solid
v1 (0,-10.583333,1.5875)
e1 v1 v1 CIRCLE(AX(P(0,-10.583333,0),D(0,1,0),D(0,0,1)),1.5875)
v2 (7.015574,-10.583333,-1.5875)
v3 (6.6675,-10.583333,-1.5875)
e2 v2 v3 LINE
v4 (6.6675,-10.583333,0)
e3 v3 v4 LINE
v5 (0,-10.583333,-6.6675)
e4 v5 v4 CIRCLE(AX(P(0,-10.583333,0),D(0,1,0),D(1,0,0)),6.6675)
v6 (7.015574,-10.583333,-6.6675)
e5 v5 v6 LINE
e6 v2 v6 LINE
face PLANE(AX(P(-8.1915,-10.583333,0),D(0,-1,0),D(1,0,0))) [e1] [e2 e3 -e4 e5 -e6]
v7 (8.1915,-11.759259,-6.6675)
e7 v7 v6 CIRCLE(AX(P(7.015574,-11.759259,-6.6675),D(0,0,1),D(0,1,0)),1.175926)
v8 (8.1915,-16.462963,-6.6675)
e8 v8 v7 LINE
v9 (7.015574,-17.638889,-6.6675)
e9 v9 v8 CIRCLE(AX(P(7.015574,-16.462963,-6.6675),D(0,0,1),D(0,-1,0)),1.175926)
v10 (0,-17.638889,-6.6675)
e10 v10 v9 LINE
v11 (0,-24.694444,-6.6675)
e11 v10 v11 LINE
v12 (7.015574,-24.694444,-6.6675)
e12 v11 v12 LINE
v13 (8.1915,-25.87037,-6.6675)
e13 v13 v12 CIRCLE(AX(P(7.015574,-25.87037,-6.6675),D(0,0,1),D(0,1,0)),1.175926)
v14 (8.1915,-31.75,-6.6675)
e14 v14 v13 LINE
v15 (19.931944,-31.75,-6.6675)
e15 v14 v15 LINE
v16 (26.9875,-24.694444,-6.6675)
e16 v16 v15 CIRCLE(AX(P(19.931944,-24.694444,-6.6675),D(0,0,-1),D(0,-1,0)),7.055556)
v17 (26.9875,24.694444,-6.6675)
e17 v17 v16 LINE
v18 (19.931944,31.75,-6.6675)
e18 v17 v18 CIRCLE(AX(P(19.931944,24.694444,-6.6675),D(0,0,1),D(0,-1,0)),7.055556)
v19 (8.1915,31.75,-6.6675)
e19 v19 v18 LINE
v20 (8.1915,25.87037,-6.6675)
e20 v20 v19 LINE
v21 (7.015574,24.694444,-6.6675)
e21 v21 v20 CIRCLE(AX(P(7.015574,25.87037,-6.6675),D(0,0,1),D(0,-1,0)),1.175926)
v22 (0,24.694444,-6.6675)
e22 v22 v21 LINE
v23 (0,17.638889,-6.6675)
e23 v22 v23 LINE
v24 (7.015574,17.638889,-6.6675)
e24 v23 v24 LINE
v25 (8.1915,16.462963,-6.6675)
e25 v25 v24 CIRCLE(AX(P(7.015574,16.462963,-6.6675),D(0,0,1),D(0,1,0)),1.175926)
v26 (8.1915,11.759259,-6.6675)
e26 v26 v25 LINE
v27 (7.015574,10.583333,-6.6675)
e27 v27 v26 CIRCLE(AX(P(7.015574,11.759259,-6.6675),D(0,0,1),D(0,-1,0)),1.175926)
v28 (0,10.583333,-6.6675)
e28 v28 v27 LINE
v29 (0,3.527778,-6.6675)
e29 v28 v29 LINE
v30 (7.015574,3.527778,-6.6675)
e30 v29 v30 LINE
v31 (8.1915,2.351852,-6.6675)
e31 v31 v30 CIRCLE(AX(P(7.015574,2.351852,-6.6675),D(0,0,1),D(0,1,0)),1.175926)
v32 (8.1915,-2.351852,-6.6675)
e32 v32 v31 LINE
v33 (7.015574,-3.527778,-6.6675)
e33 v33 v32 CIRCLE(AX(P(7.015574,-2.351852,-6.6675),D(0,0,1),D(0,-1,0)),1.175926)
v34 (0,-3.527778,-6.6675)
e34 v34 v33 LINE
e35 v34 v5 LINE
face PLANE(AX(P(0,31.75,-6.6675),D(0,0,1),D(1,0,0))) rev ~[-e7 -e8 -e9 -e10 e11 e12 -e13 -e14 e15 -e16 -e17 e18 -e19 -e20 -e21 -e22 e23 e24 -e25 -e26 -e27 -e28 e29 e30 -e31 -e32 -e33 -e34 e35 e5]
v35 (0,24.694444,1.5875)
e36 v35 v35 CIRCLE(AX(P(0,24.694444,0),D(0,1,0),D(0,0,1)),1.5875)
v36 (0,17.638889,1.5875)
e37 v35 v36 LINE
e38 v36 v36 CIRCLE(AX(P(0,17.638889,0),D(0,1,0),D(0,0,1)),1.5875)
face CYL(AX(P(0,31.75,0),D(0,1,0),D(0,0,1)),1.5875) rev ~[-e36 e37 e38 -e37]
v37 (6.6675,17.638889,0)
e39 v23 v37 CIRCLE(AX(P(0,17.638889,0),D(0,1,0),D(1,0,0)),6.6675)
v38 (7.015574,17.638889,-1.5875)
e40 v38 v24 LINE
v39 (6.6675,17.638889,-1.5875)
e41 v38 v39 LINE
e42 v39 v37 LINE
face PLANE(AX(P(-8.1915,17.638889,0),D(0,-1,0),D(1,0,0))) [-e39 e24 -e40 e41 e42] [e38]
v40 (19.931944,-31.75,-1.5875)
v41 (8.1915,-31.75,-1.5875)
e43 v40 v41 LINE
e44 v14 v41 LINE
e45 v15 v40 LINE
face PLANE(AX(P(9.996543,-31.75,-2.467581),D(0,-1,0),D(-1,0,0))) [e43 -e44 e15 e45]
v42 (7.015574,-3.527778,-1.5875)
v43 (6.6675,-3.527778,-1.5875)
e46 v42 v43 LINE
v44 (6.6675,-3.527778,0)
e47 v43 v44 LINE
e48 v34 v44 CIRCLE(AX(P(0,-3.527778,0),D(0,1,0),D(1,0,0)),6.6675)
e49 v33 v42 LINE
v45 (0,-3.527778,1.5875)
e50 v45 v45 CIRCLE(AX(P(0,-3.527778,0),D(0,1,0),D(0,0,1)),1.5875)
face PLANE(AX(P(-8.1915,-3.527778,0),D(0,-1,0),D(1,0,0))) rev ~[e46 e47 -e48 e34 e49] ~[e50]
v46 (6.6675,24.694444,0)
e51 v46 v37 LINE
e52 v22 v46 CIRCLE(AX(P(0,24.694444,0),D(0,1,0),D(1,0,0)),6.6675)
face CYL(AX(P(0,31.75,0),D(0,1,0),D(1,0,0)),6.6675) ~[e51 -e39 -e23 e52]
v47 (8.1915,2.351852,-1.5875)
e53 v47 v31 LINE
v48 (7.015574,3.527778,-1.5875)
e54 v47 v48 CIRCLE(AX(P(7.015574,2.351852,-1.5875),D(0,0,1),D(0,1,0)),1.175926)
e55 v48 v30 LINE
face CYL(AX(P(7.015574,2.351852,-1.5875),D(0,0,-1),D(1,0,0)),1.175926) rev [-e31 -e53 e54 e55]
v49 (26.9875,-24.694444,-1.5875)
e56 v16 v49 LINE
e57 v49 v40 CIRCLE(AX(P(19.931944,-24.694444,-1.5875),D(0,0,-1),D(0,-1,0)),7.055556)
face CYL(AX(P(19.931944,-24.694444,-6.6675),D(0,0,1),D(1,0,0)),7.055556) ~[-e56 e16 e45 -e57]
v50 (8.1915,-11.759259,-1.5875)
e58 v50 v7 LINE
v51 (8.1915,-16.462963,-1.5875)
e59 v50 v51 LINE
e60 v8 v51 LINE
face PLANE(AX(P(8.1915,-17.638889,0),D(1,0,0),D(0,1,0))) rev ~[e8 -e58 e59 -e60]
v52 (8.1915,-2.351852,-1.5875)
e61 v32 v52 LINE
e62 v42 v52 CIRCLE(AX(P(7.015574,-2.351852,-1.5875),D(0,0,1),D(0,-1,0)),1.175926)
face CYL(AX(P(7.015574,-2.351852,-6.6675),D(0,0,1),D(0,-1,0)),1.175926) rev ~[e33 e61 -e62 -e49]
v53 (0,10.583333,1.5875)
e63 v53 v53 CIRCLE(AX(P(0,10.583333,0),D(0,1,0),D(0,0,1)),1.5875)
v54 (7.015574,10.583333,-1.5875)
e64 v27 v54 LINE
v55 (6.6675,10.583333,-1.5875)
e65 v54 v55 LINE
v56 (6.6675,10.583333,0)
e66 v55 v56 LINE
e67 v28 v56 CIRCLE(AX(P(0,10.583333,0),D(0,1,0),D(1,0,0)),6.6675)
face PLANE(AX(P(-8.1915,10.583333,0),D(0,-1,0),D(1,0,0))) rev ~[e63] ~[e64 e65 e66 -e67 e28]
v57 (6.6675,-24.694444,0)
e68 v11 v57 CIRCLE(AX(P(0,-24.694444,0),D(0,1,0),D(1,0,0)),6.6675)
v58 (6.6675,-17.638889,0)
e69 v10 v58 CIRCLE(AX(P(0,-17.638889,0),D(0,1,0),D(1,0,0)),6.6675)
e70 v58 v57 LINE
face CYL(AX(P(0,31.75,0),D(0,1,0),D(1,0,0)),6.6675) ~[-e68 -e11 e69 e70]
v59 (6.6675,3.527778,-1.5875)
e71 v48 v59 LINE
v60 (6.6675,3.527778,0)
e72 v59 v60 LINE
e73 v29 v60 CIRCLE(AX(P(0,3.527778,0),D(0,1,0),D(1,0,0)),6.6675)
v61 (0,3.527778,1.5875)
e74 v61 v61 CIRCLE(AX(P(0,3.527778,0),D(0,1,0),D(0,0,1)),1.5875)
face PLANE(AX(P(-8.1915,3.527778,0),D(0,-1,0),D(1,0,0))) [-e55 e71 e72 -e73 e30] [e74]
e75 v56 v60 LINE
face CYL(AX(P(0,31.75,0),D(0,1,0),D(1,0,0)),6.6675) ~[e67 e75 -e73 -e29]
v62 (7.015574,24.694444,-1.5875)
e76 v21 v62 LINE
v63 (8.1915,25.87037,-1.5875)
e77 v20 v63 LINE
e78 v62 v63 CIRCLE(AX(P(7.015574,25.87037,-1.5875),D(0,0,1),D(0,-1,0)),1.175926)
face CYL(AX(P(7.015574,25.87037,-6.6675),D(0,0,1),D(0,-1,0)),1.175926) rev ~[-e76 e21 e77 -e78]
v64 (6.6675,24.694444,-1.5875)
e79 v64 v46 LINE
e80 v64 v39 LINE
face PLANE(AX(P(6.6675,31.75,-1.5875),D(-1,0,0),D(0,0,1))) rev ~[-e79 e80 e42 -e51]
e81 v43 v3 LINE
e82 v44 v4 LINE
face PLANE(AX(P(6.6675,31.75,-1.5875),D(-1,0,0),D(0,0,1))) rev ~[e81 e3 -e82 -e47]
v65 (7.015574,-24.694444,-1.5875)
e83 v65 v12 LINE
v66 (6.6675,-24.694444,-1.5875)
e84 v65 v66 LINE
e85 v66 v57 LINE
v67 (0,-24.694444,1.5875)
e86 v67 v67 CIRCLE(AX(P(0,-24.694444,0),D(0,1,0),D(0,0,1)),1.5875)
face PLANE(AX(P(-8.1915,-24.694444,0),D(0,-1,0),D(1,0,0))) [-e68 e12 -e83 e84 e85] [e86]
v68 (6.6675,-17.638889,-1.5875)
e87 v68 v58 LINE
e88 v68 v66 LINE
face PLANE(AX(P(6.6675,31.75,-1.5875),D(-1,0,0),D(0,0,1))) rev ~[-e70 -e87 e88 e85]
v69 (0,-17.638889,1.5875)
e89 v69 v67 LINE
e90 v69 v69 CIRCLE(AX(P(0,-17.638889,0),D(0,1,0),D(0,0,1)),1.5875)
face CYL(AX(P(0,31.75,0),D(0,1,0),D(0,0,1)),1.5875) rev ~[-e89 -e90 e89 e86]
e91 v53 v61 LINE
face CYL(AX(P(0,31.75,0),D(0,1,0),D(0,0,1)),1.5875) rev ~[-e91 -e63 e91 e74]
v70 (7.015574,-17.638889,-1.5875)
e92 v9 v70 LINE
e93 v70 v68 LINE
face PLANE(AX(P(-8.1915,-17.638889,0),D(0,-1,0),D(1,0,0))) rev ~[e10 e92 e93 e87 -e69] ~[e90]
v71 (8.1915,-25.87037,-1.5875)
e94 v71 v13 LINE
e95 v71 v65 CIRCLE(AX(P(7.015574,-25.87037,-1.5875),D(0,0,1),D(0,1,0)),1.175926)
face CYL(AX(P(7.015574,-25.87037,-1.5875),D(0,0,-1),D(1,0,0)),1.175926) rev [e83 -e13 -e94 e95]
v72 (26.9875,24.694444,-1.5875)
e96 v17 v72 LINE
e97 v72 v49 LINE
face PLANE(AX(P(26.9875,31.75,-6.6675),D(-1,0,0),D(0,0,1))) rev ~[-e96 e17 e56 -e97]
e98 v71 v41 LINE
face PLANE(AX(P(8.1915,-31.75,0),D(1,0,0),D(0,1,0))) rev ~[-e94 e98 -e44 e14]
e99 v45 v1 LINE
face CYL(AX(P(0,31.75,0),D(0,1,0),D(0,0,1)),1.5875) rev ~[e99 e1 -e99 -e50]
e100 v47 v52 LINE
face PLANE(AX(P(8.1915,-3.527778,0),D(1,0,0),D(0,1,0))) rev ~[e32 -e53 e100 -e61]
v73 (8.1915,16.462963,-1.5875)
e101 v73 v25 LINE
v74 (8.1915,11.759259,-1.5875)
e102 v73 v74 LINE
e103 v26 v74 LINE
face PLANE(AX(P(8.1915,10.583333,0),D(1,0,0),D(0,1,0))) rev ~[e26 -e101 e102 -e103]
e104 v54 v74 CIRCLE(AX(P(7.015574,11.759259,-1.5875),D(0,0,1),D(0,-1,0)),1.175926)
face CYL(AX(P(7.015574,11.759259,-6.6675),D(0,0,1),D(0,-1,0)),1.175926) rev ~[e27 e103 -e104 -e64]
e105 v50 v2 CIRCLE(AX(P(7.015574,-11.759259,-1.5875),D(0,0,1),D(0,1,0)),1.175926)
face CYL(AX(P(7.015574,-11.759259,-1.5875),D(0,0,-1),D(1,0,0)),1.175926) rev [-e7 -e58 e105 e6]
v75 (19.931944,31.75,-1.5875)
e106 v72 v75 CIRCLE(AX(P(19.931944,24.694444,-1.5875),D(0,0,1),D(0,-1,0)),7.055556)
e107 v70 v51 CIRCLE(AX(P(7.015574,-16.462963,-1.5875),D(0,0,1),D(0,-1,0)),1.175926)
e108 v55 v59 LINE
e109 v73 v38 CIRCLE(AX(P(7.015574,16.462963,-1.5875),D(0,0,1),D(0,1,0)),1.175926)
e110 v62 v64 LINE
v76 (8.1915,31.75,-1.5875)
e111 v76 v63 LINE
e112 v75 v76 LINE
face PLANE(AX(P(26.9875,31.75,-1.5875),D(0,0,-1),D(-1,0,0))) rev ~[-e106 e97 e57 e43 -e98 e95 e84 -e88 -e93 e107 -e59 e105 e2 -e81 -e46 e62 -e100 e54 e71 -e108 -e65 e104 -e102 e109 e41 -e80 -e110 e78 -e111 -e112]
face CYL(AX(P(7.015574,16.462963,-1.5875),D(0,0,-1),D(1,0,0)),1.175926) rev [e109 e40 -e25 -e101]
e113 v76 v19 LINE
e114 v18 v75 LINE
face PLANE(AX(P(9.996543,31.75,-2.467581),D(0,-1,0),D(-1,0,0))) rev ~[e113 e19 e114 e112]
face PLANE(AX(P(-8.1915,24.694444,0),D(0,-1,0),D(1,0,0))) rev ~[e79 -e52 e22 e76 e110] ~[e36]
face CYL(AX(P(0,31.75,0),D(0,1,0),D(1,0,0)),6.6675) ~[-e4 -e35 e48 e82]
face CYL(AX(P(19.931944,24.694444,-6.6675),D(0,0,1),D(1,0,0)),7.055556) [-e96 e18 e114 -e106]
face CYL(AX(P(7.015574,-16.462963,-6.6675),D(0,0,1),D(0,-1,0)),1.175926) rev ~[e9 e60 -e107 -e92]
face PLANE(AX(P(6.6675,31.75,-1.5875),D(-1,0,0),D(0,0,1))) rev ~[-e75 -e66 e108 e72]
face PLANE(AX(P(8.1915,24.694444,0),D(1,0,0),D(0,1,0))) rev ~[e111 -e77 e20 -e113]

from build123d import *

# Parameters (mm, degrees)
BOSS_EXTRUDE1_START = 31.75
SKETCH3_R           = 1.5875
BOSS_EXTRUDE1_DEPTH = 63.5
FILLET1_R           = 7.055555556
SKETCH5_W           = 16.383
SKETCH5_H           = 7.055555556
CUT_EXTRUDE1_DEPTH  = 43.200038063
LPATTERN1_COUNT     = 5
LPATTERN1_PITCH     = 14.111111111
FILLET2_R           = 1.175925926


with BuildPart() as part:
    # Sketch3 → Boss-Extrude1 (new body)
    with BuildSketch(Plane(origin=(0, 0, 0), x_dir=(1, 0, 0), z_dir=(0, 1, 0)).offset(BOSS_EXTRUDE1_START)):
        with BuildLine():
            Line((26.9875, 6.6675), (26.9875, 1.5875))
            Line((26.9875, 1.5875), (6.6675, 1.5875))
            Line((6.6675, 1.5875), (6.6675, 0))
            ThreePointArc((6.6675, 0), (-4.714634464, -4.714634464), (0, 6.6675))
            Line((0, 6.6675), (26.9875, 6.6675))
        make_face()
        with Locations(Location((0, 0, 0), (0, 0, 270))):
            Circle(SKETCH3_R, mode=Mode.SUBTRACT)
    extrude(amount=-BOSS_EXTRUDE1_DEPTH)

    # Fillet1
    fillet1_edges = [part.edges().sort_by_distance(p)[0] for p in [
        (26.9875, -31.75, -4.1275),
        (26.9875, 31.75, -4.1275),
    ]]
    fillet(fillet1_edges, radius=FILLET1_R)

    # Sketch5 → Cut-Extrude1 (cut, symmetric)
    with BuildSketch(Plane.XY):
        with Locations((0, 28.222222222)):
            Rectangle(SKETCH5_W, SKETCH5_H)
    cut_extrude1 = extrude(amount=CUT_EXTRUDE1_DEPTH, both=True, mode=Mode.SUBTRACT)

    # LPattern1: Cut-Extrude1 ×5
    with Locations(*[(0, -i * LPATTERN1_PITCH, 0) for i in range(1, LPATTERN1_COUNT)]):
        add(cut_extrude1, mode=Mode.SUBTRACT)

    # Fillet2
    fillet2_edges = [part.edges().sort_by_distance(p)[0] for p in [
        (8.1915, -3.527777778, -4.1275),
        (8.1915, 3.527777778, -4.1275),
        (8.1915, -17.638888889, -4.1275),
        (8.1915, -10.583333333, -4.1275),
        (8.1915, -24.694444444, -4.1275),
        (8.1915, 24.694444444, -4.1275),
        (8.1915, 10.583333333, -4.1275),
        (8.1915, 17.638888889, -4.1275),
    ]]
    fillet(fillet2_edges, radius=FILLET2_R)


solid = part.part
